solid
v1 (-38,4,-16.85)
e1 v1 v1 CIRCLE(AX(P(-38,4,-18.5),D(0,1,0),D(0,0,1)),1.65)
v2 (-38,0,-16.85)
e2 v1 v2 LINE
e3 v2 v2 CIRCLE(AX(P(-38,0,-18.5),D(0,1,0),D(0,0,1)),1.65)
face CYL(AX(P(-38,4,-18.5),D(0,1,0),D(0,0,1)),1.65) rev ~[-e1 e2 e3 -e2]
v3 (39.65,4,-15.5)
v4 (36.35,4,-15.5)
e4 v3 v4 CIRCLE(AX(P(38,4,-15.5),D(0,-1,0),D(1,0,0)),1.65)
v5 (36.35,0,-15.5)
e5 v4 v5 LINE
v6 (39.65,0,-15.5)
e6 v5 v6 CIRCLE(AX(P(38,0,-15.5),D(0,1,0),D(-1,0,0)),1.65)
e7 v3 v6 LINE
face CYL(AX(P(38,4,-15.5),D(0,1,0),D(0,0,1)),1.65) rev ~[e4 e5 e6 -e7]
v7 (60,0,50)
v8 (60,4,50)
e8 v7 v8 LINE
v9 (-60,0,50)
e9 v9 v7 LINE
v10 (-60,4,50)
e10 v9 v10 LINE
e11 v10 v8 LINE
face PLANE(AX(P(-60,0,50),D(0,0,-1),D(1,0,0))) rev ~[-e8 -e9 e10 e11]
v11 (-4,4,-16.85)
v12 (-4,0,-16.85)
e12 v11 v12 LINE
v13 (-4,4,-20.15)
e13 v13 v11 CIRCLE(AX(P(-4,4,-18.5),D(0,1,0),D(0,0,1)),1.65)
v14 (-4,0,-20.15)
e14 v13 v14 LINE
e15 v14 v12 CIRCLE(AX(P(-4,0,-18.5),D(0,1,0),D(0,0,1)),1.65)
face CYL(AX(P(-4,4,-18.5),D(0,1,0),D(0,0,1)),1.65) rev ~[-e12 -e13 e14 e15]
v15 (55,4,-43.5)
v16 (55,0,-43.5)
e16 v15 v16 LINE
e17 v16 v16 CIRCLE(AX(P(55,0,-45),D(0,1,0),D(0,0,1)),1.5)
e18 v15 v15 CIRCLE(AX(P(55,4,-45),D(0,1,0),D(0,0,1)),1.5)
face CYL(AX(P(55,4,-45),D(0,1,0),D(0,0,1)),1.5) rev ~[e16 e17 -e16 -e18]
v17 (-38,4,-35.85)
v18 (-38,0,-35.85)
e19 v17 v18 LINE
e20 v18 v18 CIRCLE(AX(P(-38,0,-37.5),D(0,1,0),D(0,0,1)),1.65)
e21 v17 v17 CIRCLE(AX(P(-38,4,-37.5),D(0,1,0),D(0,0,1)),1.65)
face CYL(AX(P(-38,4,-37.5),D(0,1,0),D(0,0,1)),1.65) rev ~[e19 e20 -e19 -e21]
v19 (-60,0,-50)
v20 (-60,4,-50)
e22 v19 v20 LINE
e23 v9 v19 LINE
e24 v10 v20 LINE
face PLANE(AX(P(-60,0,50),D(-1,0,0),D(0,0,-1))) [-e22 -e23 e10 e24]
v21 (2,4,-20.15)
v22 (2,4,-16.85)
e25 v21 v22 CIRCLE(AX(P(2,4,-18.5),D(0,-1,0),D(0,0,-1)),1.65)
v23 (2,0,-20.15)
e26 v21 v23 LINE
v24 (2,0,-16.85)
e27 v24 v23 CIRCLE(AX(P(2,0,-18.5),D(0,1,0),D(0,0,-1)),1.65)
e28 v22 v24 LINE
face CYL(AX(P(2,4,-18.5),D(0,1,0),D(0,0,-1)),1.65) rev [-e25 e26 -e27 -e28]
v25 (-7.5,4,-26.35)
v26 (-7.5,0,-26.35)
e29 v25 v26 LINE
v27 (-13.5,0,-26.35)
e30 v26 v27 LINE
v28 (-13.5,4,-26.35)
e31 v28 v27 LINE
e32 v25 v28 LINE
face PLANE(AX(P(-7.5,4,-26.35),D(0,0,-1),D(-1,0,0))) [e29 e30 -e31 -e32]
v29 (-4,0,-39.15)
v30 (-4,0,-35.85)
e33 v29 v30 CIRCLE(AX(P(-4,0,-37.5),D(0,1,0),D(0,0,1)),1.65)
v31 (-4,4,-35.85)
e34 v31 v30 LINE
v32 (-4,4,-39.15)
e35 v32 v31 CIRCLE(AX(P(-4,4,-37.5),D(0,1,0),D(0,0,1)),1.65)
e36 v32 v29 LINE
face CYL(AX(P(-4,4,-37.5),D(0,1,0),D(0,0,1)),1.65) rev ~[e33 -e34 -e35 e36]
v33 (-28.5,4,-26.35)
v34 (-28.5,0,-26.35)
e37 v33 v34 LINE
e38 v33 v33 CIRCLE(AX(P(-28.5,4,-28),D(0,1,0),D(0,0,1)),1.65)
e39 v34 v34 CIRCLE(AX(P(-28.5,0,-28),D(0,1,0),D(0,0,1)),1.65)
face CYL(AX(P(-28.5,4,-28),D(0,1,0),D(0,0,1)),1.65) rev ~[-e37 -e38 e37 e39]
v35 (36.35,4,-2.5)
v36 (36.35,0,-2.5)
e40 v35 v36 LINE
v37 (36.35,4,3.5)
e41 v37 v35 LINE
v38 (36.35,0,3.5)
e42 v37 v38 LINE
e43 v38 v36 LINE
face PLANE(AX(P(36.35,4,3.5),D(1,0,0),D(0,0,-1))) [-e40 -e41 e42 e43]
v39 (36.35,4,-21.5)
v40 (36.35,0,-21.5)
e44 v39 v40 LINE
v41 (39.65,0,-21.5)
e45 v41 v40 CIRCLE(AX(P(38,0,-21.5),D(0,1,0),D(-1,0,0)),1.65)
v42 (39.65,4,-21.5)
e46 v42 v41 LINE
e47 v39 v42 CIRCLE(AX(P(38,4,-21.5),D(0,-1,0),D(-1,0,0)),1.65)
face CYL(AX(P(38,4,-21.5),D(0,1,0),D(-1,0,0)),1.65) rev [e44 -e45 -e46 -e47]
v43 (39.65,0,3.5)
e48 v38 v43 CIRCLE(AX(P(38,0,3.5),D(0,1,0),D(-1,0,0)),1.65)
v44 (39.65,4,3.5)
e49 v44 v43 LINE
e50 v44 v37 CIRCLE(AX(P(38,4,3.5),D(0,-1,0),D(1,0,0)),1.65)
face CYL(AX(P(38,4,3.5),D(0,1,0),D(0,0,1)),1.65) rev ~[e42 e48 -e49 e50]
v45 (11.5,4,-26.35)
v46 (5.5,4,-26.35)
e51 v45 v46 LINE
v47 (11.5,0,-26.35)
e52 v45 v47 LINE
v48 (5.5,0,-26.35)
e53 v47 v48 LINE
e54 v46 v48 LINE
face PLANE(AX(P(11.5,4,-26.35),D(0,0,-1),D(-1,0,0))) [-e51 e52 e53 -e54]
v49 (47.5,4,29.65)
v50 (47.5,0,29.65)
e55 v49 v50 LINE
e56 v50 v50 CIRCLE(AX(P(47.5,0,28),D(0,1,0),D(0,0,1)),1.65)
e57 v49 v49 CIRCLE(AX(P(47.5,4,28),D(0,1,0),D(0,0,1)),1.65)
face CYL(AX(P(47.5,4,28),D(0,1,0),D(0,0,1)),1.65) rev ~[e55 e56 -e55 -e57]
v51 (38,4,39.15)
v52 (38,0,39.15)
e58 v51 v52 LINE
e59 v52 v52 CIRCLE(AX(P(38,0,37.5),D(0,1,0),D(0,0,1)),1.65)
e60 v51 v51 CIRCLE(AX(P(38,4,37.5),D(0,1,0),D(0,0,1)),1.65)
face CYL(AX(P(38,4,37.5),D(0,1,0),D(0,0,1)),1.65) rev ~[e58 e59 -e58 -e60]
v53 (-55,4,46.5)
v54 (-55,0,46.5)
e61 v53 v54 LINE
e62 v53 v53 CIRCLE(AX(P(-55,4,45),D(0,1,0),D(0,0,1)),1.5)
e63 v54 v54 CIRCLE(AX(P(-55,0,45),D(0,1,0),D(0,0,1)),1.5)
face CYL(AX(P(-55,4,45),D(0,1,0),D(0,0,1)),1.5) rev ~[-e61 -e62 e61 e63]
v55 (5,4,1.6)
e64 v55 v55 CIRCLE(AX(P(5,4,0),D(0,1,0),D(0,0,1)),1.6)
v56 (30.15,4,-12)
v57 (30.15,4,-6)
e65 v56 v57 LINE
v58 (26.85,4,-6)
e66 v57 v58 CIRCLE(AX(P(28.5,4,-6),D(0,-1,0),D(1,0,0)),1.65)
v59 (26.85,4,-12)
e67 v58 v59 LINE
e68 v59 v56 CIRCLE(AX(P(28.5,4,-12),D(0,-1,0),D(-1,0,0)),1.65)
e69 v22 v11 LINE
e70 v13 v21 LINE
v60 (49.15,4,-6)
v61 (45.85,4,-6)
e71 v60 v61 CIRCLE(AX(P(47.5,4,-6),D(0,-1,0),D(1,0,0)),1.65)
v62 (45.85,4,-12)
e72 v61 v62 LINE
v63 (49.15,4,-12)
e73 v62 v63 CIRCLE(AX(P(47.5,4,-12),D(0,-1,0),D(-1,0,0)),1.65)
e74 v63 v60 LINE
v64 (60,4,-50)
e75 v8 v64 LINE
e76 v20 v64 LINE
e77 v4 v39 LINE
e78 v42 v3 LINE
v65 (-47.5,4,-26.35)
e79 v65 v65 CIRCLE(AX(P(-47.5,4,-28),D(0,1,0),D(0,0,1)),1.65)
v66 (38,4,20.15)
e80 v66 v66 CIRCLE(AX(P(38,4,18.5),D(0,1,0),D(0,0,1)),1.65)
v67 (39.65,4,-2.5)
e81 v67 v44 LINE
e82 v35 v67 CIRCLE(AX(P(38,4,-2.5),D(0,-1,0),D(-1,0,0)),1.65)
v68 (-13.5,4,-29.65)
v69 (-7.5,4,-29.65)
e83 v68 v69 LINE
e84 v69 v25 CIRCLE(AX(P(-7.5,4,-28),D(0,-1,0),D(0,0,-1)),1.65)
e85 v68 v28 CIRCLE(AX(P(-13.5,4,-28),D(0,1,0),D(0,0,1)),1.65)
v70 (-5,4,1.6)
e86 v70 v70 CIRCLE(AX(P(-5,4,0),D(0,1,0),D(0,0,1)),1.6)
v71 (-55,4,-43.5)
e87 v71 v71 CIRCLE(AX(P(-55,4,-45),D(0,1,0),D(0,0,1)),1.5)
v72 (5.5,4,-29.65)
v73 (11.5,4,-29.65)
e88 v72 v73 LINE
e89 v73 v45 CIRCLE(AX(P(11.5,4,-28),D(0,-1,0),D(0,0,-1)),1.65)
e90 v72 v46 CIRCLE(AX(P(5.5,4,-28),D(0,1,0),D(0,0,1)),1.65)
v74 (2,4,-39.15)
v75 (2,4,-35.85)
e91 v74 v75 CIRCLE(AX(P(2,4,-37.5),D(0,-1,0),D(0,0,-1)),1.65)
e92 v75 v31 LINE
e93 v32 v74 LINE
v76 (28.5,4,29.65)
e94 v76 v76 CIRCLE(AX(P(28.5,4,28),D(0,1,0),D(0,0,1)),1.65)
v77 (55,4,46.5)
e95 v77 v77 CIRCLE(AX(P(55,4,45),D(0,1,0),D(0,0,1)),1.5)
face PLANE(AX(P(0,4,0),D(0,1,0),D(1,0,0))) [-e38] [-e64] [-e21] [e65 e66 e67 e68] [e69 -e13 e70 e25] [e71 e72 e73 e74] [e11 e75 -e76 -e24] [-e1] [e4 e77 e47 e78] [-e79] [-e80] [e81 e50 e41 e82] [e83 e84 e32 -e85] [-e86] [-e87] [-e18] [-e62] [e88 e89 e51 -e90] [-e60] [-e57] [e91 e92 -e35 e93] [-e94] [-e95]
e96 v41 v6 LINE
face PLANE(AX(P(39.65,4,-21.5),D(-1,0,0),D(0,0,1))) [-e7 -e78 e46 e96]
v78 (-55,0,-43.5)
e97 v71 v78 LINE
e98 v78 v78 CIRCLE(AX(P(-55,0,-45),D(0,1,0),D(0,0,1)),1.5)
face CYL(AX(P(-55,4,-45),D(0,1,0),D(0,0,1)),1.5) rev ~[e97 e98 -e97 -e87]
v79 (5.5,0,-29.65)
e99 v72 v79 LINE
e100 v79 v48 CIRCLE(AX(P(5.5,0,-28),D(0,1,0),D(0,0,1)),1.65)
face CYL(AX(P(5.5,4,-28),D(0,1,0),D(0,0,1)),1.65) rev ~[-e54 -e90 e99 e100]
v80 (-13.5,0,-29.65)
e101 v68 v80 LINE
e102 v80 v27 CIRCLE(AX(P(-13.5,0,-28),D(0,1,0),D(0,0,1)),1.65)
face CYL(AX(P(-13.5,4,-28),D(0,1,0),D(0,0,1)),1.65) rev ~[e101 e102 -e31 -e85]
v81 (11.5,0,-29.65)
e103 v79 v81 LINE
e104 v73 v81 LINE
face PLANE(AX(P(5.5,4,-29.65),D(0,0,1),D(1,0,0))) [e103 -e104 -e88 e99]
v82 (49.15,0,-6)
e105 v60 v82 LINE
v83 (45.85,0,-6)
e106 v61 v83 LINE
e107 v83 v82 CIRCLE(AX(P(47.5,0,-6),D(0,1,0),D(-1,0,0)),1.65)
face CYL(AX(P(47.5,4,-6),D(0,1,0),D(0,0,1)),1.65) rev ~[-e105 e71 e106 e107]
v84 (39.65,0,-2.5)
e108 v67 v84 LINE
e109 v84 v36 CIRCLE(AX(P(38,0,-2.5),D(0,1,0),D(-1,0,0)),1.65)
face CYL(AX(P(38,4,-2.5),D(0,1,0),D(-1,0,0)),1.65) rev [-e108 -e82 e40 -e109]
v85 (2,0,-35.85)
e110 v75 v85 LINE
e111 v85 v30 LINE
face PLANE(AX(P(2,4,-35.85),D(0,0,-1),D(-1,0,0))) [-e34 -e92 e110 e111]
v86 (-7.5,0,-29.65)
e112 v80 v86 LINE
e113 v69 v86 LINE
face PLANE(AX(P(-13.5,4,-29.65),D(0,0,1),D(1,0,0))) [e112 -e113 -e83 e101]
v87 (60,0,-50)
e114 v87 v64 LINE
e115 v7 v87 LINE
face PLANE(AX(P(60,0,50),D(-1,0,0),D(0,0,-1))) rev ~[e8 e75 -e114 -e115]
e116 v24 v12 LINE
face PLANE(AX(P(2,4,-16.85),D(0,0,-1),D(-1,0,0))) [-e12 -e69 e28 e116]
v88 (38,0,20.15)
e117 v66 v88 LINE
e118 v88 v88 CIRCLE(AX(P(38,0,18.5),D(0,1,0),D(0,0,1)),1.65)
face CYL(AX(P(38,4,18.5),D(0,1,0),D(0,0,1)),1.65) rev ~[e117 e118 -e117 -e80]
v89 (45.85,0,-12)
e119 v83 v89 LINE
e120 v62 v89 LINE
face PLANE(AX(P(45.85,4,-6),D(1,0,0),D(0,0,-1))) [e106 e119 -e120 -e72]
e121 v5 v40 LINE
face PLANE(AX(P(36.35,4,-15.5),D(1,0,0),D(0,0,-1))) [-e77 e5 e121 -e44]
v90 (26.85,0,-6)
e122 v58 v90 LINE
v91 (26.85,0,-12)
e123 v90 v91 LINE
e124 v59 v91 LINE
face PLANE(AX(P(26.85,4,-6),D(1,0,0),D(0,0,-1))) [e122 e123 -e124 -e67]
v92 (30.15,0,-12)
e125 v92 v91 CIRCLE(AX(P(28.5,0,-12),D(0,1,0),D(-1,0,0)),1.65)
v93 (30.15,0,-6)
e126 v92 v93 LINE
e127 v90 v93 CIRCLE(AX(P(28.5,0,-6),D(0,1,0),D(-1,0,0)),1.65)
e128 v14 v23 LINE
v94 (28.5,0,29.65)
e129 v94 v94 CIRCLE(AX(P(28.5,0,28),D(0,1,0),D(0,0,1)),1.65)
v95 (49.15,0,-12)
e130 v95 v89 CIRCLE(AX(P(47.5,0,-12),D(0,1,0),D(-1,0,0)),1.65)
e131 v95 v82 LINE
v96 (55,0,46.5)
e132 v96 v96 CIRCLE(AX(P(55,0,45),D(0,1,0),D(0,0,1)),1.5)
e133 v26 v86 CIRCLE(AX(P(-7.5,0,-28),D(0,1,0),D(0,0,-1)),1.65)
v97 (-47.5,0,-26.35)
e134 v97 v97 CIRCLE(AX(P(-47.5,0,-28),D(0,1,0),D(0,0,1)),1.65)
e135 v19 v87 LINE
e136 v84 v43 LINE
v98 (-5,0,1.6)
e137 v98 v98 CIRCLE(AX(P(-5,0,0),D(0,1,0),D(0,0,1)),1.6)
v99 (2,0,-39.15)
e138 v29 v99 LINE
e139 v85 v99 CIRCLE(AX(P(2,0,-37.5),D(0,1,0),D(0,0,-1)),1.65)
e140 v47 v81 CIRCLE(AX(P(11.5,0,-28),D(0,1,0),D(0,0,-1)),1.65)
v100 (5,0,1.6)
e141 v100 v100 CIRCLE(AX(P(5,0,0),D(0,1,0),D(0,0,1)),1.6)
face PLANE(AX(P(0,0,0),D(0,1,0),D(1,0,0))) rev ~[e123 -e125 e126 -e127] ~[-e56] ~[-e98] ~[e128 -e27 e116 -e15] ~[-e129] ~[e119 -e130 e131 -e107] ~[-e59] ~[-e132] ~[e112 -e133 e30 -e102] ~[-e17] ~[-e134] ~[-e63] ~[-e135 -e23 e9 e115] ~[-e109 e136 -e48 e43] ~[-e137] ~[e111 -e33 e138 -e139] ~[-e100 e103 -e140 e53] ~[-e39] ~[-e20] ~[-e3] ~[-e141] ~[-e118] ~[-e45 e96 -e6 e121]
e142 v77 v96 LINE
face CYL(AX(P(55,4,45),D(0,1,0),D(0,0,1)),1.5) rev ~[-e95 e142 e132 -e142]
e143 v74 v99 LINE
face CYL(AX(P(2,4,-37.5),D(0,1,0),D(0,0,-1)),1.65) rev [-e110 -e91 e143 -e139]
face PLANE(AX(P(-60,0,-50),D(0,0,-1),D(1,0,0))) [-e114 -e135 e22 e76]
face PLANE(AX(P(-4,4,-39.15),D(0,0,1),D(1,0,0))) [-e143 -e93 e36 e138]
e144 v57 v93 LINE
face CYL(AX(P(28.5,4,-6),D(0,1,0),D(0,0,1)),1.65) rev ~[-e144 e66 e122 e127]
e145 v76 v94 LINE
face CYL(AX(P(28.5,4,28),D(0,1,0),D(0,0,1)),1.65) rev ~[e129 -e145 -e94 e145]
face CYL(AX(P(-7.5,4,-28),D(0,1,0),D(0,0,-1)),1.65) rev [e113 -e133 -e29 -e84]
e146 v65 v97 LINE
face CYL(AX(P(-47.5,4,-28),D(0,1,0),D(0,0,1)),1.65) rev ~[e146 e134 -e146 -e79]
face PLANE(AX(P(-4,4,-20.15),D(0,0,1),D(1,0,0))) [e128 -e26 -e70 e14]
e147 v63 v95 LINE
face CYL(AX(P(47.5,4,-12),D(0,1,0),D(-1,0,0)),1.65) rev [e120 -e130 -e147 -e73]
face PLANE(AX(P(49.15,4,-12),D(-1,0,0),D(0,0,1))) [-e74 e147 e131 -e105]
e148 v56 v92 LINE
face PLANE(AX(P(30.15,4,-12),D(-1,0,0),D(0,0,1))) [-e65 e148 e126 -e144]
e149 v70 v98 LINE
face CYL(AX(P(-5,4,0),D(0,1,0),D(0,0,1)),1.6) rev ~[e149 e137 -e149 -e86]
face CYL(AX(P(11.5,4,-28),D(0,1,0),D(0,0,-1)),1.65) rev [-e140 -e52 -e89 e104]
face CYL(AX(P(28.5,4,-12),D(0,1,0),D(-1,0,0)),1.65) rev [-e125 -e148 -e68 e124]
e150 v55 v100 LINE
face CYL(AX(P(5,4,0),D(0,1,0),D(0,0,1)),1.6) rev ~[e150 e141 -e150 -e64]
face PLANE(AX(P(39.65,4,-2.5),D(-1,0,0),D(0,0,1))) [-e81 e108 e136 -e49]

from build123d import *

# Parameters (mm, degrees)
SKETCH2_W           = 120
SKETCH2_H           = 100
BOSS_EXTRUDE1_DEPTH = 4
SKETCH3_R           = 1.5
CUT_EXTRUDE1_DEPTH  = 5
SKETCH4_R           = 1.65
CUT_EXTRUDE2_DEPTH  = 5
SKETCH6_R           = 1.6
CUT_EXTRUDE3_DEPTH  = 5
CUT_EXTRUDE4_DEPTH  = 21


with BuildPart() as part:
    # Sketch2 → Boss-Extrude1 (new body)
    with BuildSketch(Plane(origin=(0, 0, 0), x_dir=(1, 0, 0), z_dir=(0, 1, 0))):
        Rectangle(SKETCH2_W, SKETCH2_H)
    extrude(amount=BOSS_EXTRUDE1_DEPTH)

    # Sketch3 → Cut-Extrude1 (cut)
    with BuildSketch(Plane(origin=(0, 4, 0), x_dir=(1, 0, 0), z_dir=(0, 1, 0))):
        with Locations(Location((-55, 45, 0), (0, 0, 270))):
            Circle(SKETCH3_R)
        with Locations(Location((55, 45, 0), (0, 0, 270))):
            Circle(SKETCH3_R)
        with Locations(Location((55, -45, 0), (0, 0, 270))):
            Circle(SKETCH3_R)
        with Locations(Location((-55, -45, 0), (0, 0, 270))):
            Circle(SKETCH3_R)
    extrude(amount=-CUT_EXTRUDE1_DEPTH, mode=Mode.SUBTRACT)

    # Sketch4 → Cut-Extrude2 (cut)
    with BuildSketch(Plane(origin=(0, 4, 0), x_dir=(1, 0, 0), z_dir=(0, 1, 0))):
        with Locations(Location((-38, 37.5, 0), (0, 0, 270))):
            Circle(SKETCH4_R)
        with Locations(Location((-4, 37.5, 0), (0, 0, 270))):
            Circle(SKETCH4_R)
        with Locations(Location((38, 15.5, 0), (0, 0, 270))):
            Circle(SKETCH4_R)
        with Locations(Location((38, -18.5, 0), (0, 0, 270))):
            Circle(SKETCH4_R)
        with Locations(Location((-28.5, 28, 0), (0, 0, 270))):
            Circle(SKETCH4_R)
        with Locations(Location((-38, 18.5, 0), (0, 0, 270))):
            Circle(SKETCH4_R)
        with Locations(Location((-47.5, 28, 0), (0, 0, 270))):
            Circle(SKETCH4_R)
        with Locations(Location((5.5, 28, 0), (0, 0, 270))):
            Circle(SKETCH4_R)
        with Locations(Location((-4, 18.5, 0), (0, 0, 270))):
            Circle(SKETCH4_R)
        with Locations(Location((-13.5, 28, 0), (0, 0, 270))):
            Circle(SKETCH4_R)
        with Locations(Location((47.5, 6, 0), (0, 0, 270))):
            Circle(SKETCH4_R)
        with Locations(Location((38, -3.5, 0), (0, 0, 270))):
            Circle(SKETCH4_R)
        with Locations(Location((28.5, 6, 0), (0, 0, 270))):
            Circle(SKETCH4_R)
        with Locations(Location((47.5, -28, 0), (0, 0, 270))):
            Circle(SKETCH4_R)
        with Locations(Location((38, -37.5, 0), (0, 0, 270))):
            Circle(SKETCH4_R)
        with Locations(Location((28.5, -28, 0), (0, 0, 270))):
            Circle(SKETCH4_R)
    extrude(amount=-CUT_EXTRUDE2_DEPTH, mode=Mode.SUBTRACT)

    # Sketch6 → Cut-Extrude3 (cut)
    with BuildSketch(Plane(origin=(0, 4, 0), x_dir=(1, 0, 0), z_dir=(0, 1, 0))):
        with Locations(Location((5, 0, 0), (0, 0, 270))):
            Circle(SKETCH6_R)
        with Locations(Location((-5, 0, 0), (0, 0, 270))):
            Circle(SKETCH6_R)
    extrude(amount=-CUT_EXTRUDE3_DEPTH, mode=Mode.SUBTRACT)

    # Sketch7 → Cut-Extrude4 (cut)
    with BuildSketch(Plane(origin=(0, 4, 0), x_dir=(1, 0, 0), z_dir=(0, 1, 0))):
        with BuildLine():
            Line((-4, 39.15), (2, 39.15))
            ThreePointArc((2, 39.15), (3.65, 37.5), (2, 35.85))
            Line((2, 35.85), (-4, 35.85))
            ThreePointArc((-4, 35.85), (-5.65, 37.5), (-4, 39.15))
        make_face()
        with BuildLine():
            Line((5.5, 29.65), (11.5, 29.65))
            ThreePointArc((11.5, 29.65), (13.15, 28), (11.5, 26.35))
            Line((11.5, 26.35), (5.5, 26.35))
            ThreePointArc((5.5, 26.35), (3.85, 28), (5.5, 29.65))
        make_face()
        with BuildLine():
            Line((-4, 20.15), (2, 20.15))
            ThreePointArc((2, 20.15), (3.65, 18.5), (2, 16.85))
            Line((2, 16.85), (-4, 16.85))
            ThreePointArc((-4, 16.85), (-5.65, 18.5), (-4, 20.15))
        make_face()
        with BuildLine():
            Line((-13.5, 29.65), (-7.5, 29.65))
            ThreePointArc((-7.5, 29.65), (-5.85, 28), (-7.5, 26.35))
            Line((-7.5, 26.35), (-13.5, 26.35))
            ThreePointArc((-13.5, 26.35), (-15.15, 28), (-13.5, 29.65))
        make_face()
        with BuildLine():
            Line((36.35, 15.5), (36.35, 21.5))
            ThreePointArc((36.35, 21.5), (38, 23.15), (39.65, 21.5))
            Line((39.65, 21.5), (39.65, 15.5))
            ThreePointArc((39.65, 15.5), (38, 13.85), (36.35, 15.5))
        make_face()
        with BuildLine():
            Line((45.85, 6), (45.85, 12))
            ThreePointArc((45.85, 12), (47.5, 13.65), (49.15, 12))
            Line((49.15, 12), (49.15, 6))
            ThreePointArc((49.15, 6), (47.5, 4.35), (45.85, 6))
        make_face()
        with BuildLine():
            Line((36.35, -3.5), (36.35, 2.5))
            ThreePointArc((36.35, 2.5), (38, 4.15), (39.65, 2.5))
            Line((39.65, 2.5), (39.65, -3.5))
            ThreePointArc((39.65, -3.5), (38, -5.15), (36.35, -3.5))
        make_face()
        with BuildLine():
            Line((26.85, 6), (26.85, 12))
            ThreePointArc((26.85, 12), (28.5, 13.65), (30.15, 12))
            Line((30.15, 12), (30.15, 6))
            ThreePointArc((30.15, 6), (28.5, 4.35), (26.85, 6))
        make_face()
    extrude(amount=-CUT_EXTRUDE4_DEPTH, mode=Mode.SUBTRACT)


solid = part.part
